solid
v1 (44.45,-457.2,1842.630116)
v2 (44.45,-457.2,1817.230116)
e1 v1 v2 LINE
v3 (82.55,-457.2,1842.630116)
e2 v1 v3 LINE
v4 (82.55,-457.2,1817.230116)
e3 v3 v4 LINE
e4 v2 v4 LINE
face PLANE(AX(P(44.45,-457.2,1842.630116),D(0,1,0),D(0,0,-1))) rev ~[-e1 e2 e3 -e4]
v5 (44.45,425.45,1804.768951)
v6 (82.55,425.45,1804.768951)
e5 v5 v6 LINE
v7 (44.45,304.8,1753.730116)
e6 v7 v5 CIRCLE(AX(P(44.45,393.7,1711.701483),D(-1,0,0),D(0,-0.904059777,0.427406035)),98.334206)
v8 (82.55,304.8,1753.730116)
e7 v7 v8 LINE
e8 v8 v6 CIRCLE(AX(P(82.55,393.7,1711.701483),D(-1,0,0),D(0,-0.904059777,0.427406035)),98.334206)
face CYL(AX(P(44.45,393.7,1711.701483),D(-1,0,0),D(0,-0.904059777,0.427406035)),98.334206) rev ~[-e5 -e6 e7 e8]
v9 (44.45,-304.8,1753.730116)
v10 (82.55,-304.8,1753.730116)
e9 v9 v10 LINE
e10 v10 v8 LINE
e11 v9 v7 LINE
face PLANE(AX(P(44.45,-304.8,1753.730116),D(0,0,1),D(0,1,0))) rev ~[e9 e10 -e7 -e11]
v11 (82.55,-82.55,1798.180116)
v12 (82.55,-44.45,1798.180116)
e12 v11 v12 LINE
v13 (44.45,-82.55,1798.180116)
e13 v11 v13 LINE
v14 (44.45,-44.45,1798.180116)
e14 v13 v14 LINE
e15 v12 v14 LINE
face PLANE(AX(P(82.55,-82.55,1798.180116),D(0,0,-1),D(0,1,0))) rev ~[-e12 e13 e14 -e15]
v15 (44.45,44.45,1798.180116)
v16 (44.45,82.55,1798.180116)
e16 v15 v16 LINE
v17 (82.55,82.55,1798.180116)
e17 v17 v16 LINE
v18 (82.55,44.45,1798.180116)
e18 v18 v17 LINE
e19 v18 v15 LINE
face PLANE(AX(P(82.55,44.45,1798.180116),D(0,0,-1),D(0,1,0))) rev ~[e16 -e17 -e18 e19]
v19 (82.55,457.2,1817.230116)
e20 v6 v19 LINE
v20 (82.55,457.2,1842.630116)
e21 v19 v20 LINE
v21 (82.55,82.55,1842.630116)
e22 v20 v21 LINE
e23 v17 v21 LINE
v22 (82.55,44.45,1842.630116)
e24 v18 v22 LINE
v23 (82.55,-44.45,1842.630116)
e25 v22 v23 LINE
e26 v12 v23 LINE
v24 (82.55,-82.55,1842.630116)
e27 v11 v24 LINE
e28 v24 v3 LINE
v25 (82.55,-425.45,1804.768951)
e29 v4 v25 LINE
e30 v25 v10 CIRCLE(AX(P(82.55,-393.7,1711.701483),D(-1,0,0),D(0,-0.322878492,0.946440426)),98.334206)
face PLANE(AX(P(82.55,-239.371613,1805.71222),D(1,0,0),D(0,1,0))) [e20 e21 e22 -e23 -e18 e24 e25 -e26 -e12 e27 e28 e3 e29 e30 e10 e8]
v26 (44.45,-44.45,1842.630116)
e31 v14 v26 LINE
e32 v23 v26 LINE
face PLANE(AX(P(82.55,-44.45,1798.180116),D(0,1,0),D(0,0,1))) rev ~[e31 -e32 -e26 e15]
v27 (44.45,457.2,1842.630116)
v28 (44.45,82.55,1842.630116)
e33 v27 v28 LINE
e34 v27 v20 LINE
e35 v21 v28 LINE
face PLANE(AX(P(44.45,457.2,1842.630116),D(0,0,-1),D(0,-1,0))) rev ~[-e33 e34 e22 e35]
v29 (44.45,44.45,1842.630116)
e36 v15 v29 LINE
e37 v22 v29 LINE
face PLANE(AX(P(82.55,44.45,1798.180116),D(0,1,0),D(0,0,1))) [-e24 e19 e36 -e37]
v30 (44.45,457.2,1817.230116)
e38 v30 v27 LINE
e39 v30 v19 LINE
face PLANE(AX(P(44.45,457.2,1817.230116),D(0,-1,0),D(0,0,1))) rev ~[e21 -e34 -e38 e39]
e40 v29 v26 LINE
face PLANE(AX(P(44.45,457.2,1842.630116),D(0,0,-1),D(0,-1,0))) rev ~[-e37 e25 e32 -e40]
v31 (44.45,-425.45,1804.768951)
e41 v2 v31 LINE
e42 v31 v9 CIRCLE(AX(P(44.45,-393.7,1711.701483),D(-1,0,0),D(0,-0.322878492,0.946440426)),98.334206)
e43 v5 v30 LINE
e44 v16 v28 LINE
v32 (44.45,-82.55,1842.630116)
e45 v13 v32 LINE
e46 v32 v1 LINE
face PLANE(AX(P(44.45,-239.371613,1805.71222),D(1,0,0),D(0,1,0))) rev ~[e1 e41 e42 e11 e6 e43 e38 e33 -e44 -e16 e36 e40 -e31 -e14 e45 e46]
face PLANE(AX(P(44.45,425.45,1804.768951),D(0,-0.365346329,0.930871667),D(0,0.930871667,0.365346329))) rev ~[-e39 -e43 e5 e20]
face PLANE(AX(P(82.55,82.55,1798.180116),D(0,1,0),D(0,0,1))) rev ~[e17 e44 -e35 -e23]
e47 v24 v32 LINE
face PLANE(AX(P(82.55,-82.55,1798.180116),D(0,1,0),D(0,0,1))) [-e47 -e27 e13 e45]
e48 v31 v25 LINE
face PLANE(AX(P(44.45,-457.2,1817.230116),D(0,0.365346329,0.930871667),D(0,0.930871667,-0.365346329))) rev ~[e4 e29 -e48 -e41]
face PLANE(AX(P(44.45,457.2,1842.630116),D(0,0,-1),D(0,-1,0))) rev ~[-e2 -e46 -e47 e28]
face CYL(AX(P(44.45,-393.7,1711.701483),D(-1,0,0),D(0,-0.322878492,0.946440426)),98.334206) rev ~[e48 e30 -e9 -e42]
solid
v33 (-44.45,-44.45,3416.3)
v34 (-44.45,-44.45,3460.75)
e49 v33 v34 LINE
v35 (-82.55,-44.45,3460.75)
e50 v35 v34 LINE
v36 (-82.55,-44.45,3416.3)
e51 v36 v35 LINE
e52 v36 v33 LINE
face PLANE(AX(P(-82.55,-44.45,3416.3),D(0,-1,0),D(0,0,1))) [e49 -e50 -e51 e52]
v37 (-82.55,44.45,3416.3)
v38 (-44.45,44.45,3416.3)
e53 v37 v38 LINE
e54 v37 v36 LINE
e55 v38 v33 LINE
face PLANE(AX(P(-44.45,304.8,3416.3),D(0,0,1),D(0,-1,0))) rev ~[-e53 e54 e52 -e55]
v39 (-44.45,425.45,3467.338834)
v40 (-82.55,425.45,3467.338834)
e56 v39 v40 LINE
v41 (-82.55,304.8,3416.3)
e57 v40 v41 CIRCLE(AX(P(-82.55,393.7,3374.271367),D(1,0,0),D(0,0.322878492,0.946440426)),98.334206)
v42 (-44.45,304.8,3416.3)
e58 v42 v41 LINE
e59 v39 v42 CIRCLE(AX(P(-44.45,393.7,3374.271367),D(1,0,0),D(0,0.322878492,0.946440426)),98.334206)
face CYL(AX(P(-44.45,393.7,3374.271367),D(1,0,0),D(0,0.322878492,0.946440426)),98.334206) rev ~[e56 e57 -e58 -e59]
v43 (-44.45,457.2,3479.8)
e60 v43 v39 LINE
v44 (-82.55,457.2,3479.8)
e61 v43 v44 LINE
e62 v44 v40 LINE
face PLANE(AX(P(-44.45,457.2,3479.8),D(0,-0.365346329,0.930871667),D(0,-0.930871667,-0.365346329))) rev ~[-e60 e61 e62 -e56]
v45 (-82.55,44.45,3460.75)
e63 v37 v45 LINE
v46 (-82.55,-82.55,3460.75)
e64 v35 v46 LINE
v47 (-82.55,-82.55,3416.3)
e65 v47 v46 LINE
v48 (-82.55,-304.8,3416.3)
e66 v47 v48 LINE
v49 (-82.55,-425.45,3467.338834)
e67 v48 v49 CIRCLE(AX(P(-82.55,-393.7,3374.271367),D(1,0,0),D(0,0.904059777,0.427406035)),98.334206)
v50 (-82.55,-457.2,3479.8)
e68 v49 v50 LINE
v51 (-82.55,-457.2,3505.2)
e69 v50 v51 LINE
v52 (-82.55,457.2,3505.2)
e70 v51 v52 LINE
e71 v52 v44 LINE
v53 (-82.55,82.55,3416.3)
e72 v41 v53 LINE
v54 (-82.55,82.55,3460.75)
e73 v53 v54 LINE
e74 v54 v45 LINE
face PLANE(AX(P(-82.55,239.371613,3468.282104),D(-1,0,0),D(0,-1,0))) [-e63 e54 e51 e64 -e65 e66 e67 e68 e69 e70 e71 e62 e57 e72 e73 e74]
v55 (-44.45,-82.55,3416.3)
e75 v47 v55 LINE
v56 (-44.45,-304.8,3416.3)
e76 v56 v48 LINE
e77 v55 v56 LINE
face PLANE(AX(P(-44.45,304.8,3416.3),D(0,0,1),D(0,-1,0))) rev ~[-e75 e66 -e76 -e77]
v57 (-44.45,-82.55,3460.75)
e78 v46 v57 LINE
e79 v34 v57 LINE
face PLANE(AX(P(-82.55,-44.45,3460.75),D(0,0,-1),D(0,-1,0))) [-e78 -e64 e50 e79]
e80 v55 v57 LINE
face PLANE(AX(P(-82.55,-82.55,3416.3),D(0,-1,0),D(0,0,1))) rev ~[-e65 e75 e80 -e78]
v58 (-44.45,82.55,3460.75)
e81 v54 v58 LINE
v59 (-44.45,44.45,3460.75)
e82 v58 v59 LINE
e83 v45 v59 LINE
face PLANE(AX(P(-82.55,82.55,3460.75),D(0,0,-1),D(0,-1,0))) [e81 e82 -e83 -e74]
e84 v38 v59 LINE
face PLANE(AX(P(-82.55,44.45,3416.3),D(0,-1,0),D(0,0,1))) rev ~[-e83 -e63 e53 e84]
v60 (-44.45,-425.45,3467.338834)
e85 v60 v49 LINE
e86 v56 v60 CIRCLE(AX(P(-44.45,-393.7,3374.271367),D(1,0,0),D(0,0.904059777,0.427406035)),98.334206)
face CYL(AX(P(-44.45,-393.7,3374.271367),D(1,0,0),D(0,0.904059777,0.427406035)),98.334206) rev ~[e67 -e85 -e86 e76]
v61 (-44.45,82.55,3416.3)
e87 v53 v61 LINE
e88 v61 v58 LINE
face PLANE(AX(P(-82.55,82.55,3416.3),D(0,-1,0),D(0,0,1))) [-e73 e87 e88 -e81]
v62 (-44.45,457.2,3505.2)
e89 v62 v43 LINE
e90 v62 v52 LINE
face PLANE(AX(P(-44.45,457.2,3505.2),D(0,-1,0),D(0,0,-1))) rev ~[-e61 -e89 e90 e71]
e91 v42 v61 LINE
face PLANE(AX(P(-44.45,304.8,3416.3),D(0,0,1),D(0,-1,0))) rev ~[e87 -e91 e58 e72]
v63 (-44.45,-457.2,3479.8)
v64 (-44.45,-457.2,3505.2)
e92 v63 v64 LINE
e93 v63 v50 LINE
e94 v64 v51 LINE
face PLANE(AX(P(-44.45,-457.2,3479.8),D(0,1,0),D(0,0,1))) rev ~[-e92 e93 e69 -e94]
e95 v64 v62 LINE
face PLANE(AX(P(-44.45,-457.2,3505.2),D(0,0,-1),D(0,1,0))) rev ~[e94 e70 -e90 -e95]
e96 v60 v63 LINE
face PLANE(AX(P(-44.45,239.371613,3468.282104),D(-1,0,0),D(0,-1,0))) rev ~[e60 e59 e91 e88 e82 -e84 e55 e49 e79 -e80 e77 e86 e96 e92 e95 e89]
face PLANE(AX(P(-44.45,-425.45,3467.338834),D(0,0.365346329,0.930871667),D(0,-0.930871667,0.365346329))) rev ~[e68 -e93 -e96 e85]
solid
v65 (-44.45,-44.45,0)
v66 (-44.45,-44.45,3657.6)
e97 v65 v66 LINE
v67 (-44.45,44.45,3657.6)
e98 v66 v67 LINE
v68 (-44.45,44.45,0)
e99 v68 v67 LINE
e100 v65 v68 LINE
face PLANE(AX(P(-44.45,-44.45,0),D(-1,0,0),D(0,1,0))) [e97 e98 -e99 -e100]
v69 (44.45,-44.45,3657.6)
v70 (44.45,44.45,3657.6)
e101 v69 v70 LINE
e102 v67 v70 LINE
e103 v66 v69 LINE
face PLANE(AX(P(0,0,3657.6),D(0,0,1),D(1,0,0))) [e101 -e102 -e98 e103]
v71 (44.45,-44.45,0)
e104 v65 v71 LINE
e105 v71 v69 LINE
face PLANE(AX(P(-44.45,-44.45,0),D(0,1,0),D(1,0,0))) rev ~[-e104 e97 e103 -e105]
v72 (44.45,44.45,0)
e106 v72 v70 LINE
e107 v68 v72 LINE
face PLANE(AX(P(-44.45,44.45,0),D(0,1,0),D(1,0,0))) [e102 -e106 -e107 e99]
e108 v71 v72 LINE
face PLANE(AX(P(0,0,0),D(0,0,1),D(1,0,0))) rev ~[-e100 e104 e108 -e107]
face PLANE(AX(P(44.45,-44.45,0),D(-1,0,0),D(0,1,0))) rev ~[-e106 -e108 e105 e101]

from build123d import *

# Parameters (mm, degrees)
F0_W      = 88.9
F0_H      = 88.9
F1_DEPTH  = 3657.6
F2_W      = 88.9
F2_H      = 88.9
F3_DEPTH  = 38.1
F4_W      = 38.1
F4_H      = 44.45
F5_DEPTH  = 254
F6_DEPTH  = 254
F7_W      = 88.9
F7_H      = 88.9
F8_DEPTH  = 38.1
F9_W      = 38.1
F9_H      = 44.45
F10_DEPTH = 254


with BuildPart() as f1:
    # F0 (on Top) → F1 (new body)
    with BuildSketch(Plane.XY):
        Rectangle(F0_W, F0_H)
    extrude(amount=F1_DEPTH)


with BuildPart() as f3:
    # F2 (on face) → F3 (new body)
    with BuildSketch(Plane(origin=(-44.45, 0, 0), x_dir=(0, -1, 0), z_dir=(-1, 0, 0))):
        with BuildLine():
            Line((-44.45, 3505.2), (-457.2, 3505.2))
            Line((-457.2, 3505.2), (-457.2, 3479.8))
            Line((-457.2, 3479.8), (-425.45, 3467.3388344477))
            ThreePointArc((-425.45, 3467.3388344477), (-355.3884967608, 3464.8354035511), (-304.8, 3416.3))
            Line((-304.8, 3416.3), (-44.45, 3416.3))
            Line((-44.45, 3416.3), (-44.45, 3505.2))
        make_face()
        with BuildLine():
            Line((457.2, 3505.2), (44.45, 3505.2))
            Line((44.45, 3505.2), (44.45, 3416.3))
            Line((44.45, 3416.3), (304.8, 3416.3))
            ThreePointArc((304.8, 3416.3), (355.3884967608, 3464.8354035511), (425.45, 3467.3388344477))
            Line((425.45, 3467.3388344477), (457.2, 3479.8))
            Line((457.2, 3479.8), (457.2, 3505.2))
        make_face()
        with Locations((0, 3460.75)):
            Rectangle(F2_W, F2_H)
    extrude(amount=F3_DEPTH)

    # F4 (on face) → F5 (cut)
    with BuildSketch(Plane(origin=(-82.55, 0, 0), x_dir=(0, -1, 0), z_dir=(-1, 0, 0))):
        with Locations((63.5, 3438.525)):
            Rectangle(F4_W, F4_H)
    extrude(amount=-F5_DEPTH, mode=Mode.SUBTRACT)

    # F4 (on face) → F6 (cut)
    with BuildSketch(Plane(origin=(-82.55, 0, 0), x_dir=(0, -1, 0), z_dir=(-1, 0, 0))):
        with Locations((-63.5, 3438.525)):
            Rectangle(F4_W, F4_H)
    extrude(amount=-F6_DEPTH, mode=Mode.SUBTRACT)


with BuildPart() as f8:
    # F7 (on face) → F8 (new body)
    with BuildSketch(Plane.YZ.offset(44.45)):
        with BuildLine():
            Line((-44.45, 1842.6301161539), (-457.2, 1842.6301161539))
            Line((-457.2, 1842.6301161539), (-457.2, 1817.2301161539))
            Line((-457.2, 1817.2301161539), (-425.45, 1804.7689506016))
            ThreePointArc((-425.45, 1804.7689506016), (-355.3884967608, 1802.265519705), (-304.8, 1753.7301161539))
            Line((-304.8, 1753.7301161539), (-44.45, 1753.7301161539))
            Line((-44.45, 1753.7301161539), (-44.45, 1842.6301161539))
        make_face()
        with Locations((0, 1798.1801161539)):
            Rectangle(F7_W, F7_H)
        with BuildLine():
            Line((457.2, 1842.6301161539), (44.45, 1842.6301161539))
            Line((44.45, 1842.6301161539), (44.45, 1753.7301161539))
            Line((44.45, 1753.7301161539), (304.8, 1753.7301161539))
            ThreePointArc((304.8, 1753.7301161539), (355.3884967608, 1802.265519705), (425.45, 1804.7689506016))
            Line((425.45, 1804.7689506016), (457.2, 1817.2301161539))
            Line((457.2, 1817.2301161539), (457.2, 1842.6301161539))
        make_face()
    extrude(amount=F8_DEPTH)

    # F9 (on face) → F10 (cut)
    with BuildSketch(Plane.YZ.offset(82.55)):
        with Locations((-63.5, 1820.4051161539)):
            Rectangle(F9_W, F9_H)
        with Locations((63.5, 1820.4051161539)):
            Rectangle(F9_W, F9_H)
    extrude(amount=-F10_DEPTH, mode=Mode.SUBTRACT)


solid = Compound([f1.part, f3.part, f8.part])
